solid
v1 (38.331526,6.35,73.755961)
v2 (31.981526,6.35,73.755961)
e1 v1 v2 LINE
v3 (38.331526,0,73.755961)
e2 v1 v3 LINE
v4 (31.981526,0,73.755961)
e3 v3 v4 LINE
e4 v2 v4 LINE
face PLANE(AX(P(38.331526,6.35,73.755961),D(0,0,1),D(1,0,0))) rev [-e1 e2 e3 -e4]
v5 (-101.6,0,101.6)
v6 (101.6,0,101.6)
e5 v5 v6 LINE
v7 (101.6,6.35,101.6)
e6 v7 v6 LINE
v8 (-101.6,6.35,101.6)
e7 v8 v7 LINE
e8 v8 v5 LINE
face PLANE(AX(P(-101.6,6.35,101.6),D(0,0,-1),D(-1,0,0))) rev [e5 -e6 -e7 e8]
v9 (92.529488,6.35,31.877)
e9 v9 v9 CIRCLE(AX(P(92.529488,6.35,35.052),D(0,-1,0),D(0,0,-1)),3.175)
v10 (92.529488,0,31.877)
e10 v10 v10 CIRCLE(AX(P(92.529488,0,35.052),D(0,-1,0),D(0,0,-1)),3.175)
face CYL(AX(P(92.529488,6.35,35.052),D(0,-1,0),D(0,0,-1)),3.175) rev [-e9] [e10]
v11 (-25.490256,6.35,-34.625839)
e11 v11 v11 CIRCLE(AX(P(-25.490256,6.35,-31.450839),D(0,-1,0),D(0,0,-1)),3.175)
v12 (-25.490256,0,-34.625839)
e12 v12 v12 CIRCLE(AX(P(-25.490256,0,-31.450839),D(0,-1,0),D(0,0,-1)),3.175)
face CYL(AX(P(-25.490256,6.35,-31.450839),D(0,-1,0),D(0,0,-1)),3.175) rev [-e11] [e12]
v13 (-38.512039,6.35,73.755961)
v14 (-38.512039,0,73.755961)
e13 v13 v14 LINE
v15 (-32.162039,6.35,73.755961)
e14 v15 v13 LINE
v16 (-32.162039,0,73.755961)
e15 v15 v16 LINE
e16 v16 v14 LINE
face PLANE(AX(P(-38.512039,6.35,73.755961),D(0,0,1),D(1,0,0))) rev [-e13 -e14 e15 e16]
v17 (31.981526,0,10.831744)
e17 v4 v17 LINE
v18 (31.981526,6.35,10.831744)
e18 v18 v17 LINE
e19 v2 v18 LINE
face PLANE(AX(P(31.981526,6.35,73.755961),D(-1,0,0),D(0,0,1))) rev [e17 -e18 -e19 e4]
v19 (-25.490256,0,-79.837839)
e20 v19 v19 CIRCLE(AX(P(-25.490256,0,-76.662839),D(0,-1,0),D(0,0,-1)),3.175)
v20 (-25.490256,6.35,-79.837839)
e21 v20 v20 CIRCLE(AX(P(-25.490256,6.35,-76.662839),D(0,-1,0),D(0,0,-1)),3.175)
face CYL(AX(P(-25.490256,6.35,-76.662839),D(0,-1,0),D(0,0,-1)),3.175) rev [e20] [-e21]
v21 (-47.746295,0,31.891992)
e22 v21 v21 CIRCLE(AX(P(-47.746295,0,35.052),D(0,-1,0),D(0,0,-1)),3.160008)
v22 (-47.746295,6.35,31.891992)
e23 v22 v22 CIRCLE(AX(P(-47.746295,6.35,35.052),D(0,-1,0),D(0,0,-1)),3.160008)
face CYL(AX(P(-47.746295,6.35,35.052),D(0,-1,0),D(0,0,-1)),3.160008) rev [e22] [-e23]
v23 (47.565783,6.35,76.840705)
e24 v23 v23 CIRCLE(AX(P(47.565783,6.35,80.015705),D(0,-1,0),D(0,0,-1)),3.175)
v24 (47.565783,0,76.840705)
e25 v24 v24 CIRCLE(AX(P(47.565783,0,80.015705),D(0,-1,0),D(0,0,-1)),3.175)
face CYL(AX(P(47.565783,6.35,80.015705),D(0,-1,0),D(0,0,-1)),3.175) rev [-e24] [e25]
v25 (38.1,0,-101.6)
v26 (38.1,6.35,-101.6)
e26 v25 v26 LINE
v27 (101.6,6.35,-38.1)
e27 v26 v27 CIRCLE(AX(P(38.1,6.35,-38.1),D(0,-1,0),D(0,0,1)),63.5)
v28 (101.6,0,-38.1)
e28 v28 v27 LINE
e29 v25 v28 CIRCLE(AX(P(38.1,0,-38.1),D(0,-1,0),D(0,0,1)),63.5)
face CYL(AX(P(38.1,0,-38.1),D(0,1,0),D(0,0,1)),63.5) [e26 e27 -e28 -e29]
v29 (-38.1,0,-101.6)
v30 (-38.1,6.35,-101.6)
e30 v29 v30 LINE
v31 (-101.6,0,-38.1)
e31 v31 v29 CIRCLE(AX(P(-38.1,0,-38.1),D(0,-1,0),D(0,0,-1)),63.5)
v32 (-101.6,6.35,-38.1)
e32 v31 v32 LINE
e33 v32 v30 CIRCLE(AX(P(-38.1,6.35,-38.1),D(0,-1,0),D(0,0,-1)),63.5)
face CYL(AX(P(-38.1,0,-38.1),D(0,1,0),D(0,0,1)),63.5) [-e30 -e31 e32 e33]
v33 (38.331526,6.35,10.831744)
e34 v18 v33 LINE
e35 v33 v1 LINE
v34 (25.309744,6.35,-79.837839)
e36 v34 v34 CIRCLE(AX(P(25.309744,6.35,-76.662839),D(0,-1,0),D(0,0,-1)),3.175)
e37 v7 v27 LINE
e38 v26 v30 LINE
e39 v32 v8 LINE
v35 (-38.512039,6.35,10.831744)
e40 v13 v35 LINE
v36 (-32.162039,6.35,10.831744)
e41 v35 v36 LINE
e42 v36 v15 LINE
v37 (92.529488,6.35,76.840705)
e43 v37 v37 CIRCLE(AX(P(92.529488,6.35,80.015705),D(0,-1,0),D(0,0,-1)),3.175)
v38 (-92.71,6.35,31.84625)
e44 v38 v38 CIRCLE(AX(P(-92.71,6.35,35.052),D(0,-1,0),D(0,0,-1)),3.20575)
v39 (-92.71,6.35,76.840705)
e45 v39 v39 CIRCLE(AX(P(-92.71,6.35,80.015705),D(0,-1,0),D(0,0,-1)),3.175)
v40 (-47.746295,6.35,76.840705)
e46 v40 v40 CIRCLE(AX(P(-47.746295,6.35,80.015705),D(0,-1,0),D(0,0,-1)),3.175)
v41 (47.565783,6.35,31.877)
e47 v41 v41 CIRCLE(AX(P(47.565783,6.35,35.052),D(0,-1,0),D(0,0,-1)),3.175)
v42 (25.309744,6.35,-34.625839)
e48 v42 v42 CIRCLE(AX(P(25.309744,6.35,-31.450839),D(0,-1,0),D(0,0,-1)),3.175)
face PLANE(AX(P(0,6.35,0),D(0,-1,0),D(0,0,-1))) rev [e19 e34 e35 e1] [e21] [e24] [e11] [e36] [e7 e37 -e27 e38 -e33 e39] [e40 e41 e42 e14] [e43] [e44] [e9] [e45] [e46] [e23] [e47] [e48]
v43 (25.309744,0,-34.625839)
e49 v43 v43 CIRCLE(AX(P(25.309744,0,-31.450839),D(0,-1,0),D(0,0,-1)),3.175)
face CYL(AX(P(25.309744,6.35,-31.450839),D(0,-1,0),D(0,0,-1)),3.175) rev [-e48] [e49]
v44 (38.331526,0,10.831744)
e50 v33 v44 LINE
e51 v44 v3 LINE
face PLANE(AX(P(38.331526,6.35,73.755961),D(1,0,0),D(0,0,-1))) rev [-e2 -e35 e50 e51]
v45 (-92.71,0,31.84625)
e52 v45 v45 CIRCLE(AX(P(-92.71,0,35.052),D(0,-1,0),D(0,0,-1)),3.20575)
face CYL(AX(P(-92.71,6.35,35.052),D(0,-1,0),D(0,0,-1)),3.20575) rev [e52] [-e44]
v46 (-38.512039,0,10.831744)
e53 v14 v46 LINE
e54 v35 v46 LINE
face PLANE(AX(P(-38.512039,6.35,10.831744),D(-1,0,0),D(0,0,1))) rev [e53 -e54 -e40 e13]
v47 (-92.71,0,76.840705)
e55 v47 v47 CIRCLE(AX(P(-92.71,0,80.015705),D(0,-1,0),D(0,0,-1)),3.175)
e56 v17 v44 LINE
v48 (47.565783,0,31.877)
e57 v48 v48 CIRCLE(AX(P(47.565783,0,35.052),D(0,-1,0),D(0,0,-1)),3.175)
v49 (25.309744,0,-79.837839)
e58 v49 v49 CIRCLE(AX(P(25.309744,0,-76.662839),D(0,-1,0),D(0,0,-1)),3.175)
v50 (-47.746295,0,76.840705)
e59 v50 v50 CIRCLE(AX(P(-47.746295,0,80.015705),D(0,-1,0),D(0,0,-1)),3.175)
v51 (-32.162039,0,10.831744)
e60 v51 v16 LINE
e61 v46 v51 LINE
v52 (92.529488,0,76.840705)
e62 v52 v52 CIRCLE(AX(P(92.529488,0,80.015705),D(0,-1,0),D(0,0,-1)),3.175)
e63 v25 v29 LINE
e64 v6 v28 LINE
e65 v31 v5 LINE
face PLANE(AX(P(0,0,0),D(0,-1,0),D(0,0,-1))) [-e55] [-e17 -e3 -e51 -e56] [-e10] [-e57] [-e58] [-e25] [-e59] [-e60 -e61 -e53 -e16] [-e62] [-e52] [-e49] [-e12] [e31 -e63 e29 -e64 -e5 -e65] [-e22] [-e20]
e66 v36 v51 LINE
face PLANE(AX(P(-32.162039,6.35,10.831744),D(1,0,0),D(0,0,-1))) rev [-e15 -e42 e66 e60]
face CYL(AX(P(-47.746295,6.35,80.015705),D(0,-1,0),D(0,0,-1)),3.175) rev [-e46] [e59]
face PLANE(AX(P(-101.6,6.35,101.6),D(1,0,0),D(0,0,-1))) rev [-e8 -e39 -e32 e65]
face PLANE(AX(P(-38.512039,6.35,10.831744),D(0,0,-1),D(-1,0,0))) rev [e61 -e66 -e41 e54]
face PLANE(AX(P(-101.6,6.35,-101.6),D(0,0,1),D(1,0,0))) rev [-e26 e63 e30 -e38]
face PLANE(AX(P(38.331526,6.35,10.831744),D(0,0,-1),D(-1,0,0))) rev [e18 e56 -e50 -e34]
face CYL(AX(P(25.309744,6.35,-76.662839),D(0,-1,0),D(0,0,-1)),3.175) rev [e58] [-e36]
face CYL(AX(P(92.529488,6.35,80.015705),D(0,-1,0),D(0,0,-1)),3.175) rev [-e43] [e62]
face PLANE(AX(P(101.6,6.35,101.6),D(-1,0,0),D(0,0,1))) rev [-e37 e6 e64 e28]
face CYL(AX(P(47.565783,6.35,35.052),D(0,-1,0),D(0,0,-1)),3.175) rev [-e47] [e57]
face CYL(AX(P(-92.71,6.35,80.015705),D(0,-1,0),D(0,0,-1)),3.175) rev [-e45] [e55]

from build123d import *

# Parameters (mm, degrees)
SKETCH1_W           = 203.2
SKETCH1_H           = 203.2
BOSS_EXTRUDE1_DEPTH = 6.35
CUT_EXTRUDE1_DEPTH  = 7.35
SKETCH9_R           = 3.175
SKETCH9_R_2         = 3.160008279
SKETCH9_R_3         = 3.205750029
SKETCH9_W           = 6.35
SKETCH9_H           = 62.924217451
CUT_EXTRUDE2_DEPTH  = 7.35


with BuildPart() as part:
    # Sketch1 → Boss-Extrude1 (new body)
    with BuildSketch(Plane(origin=(0, 0, 0), x_dir=(1, 0, 0), z_dir=(0, 1, 0))):
        Rectangle(SKETCH1_W, SKETCH1_H)
    extrude(amount=BOSS_EXTRUDE1_DEPTH)

    # Sketch2 → Cut-Extrude1 (cut, through all)
    with BuildSketch(Plane(origin=(0, 6.35, 0), x_dir=(1, 0, 0), z_dir=(0, 1, 0))):
        with BuildLine():
            Line((101.6, 38.1), (101.6, 101.6))
            Line((101.6, 101.6), (38.1, 101.6))
            ThreePointArc((38.1, 101.6), (83.001280605, 83.001280605), (101.6, 38.1))
        make_face()
        with BuildLine():
            Line((-38.1, 101.6), (-101.6, 101.6))
            Line((-101.6, 101.6), (-101.6, 38.1))
            ThreePointArc((-101.6, 38.1), (-83.001280605, 83.001280605), (-38.1, 101.6))
        make_face()
    extrude(amount=-CUT_EXTRUDE1_DEPTH, mode=Mode.SUBTRACT)

    # Sketch9 → Cut-Extrude2 (cut, through all)
    with BuildSketch(Plane.XZ):
        with Locations((-25.490256121, -31.45083867)):
            Circle(SKETCH9_R)
        with Locations((25.309743879, -31.45083867)):
            Circle(SKETCH9_R)
        with Locations((-25.490256121, -76.66283867)):
            Circle(SKETCH9_R)
        with Locations((25.309743879, -76.66283867)):
            Circle(SKETCH9_R)
        with Locations((-47.746294791, 80.015705209)):
            Circle(SKETCH9_R)
        with Locations((-92.71, 80.015705209)):
            Circle(SKETCH9_R)
        with Locations((-47.746294791, 35.052)):
            Circle(SKETCH9_R_2)
        with Locations((-92.71, 35.052)):
            Circle(SKETCH9_R_3)
        with Locations((47.565782549, 80.015705209)):
            Circle(SKETCH9_R)
        with Locations((92.529487758, 80.015705209)):
            Circle(SKETCH9_R)
        with Locations((47.565782549, 35.052)):
            Circle(SKETCH9_R)
        with Locations((92.529487758, 35.052)):
            Circle(SKETCH9_R)
        with Locations((-35.33703867, 42.293852605)):
            Rectangle(SKETCH9_W, SKETCH9_H)
        with Locations((35.156526428, 42.293852605)):
            Rectangle(SKETCH9_W, SKETCH9_H)
    extrude(amount=-CUT_EXTRUDE2_DEPTH, mode=Mode.SUBTRACT)


solid = part.part
